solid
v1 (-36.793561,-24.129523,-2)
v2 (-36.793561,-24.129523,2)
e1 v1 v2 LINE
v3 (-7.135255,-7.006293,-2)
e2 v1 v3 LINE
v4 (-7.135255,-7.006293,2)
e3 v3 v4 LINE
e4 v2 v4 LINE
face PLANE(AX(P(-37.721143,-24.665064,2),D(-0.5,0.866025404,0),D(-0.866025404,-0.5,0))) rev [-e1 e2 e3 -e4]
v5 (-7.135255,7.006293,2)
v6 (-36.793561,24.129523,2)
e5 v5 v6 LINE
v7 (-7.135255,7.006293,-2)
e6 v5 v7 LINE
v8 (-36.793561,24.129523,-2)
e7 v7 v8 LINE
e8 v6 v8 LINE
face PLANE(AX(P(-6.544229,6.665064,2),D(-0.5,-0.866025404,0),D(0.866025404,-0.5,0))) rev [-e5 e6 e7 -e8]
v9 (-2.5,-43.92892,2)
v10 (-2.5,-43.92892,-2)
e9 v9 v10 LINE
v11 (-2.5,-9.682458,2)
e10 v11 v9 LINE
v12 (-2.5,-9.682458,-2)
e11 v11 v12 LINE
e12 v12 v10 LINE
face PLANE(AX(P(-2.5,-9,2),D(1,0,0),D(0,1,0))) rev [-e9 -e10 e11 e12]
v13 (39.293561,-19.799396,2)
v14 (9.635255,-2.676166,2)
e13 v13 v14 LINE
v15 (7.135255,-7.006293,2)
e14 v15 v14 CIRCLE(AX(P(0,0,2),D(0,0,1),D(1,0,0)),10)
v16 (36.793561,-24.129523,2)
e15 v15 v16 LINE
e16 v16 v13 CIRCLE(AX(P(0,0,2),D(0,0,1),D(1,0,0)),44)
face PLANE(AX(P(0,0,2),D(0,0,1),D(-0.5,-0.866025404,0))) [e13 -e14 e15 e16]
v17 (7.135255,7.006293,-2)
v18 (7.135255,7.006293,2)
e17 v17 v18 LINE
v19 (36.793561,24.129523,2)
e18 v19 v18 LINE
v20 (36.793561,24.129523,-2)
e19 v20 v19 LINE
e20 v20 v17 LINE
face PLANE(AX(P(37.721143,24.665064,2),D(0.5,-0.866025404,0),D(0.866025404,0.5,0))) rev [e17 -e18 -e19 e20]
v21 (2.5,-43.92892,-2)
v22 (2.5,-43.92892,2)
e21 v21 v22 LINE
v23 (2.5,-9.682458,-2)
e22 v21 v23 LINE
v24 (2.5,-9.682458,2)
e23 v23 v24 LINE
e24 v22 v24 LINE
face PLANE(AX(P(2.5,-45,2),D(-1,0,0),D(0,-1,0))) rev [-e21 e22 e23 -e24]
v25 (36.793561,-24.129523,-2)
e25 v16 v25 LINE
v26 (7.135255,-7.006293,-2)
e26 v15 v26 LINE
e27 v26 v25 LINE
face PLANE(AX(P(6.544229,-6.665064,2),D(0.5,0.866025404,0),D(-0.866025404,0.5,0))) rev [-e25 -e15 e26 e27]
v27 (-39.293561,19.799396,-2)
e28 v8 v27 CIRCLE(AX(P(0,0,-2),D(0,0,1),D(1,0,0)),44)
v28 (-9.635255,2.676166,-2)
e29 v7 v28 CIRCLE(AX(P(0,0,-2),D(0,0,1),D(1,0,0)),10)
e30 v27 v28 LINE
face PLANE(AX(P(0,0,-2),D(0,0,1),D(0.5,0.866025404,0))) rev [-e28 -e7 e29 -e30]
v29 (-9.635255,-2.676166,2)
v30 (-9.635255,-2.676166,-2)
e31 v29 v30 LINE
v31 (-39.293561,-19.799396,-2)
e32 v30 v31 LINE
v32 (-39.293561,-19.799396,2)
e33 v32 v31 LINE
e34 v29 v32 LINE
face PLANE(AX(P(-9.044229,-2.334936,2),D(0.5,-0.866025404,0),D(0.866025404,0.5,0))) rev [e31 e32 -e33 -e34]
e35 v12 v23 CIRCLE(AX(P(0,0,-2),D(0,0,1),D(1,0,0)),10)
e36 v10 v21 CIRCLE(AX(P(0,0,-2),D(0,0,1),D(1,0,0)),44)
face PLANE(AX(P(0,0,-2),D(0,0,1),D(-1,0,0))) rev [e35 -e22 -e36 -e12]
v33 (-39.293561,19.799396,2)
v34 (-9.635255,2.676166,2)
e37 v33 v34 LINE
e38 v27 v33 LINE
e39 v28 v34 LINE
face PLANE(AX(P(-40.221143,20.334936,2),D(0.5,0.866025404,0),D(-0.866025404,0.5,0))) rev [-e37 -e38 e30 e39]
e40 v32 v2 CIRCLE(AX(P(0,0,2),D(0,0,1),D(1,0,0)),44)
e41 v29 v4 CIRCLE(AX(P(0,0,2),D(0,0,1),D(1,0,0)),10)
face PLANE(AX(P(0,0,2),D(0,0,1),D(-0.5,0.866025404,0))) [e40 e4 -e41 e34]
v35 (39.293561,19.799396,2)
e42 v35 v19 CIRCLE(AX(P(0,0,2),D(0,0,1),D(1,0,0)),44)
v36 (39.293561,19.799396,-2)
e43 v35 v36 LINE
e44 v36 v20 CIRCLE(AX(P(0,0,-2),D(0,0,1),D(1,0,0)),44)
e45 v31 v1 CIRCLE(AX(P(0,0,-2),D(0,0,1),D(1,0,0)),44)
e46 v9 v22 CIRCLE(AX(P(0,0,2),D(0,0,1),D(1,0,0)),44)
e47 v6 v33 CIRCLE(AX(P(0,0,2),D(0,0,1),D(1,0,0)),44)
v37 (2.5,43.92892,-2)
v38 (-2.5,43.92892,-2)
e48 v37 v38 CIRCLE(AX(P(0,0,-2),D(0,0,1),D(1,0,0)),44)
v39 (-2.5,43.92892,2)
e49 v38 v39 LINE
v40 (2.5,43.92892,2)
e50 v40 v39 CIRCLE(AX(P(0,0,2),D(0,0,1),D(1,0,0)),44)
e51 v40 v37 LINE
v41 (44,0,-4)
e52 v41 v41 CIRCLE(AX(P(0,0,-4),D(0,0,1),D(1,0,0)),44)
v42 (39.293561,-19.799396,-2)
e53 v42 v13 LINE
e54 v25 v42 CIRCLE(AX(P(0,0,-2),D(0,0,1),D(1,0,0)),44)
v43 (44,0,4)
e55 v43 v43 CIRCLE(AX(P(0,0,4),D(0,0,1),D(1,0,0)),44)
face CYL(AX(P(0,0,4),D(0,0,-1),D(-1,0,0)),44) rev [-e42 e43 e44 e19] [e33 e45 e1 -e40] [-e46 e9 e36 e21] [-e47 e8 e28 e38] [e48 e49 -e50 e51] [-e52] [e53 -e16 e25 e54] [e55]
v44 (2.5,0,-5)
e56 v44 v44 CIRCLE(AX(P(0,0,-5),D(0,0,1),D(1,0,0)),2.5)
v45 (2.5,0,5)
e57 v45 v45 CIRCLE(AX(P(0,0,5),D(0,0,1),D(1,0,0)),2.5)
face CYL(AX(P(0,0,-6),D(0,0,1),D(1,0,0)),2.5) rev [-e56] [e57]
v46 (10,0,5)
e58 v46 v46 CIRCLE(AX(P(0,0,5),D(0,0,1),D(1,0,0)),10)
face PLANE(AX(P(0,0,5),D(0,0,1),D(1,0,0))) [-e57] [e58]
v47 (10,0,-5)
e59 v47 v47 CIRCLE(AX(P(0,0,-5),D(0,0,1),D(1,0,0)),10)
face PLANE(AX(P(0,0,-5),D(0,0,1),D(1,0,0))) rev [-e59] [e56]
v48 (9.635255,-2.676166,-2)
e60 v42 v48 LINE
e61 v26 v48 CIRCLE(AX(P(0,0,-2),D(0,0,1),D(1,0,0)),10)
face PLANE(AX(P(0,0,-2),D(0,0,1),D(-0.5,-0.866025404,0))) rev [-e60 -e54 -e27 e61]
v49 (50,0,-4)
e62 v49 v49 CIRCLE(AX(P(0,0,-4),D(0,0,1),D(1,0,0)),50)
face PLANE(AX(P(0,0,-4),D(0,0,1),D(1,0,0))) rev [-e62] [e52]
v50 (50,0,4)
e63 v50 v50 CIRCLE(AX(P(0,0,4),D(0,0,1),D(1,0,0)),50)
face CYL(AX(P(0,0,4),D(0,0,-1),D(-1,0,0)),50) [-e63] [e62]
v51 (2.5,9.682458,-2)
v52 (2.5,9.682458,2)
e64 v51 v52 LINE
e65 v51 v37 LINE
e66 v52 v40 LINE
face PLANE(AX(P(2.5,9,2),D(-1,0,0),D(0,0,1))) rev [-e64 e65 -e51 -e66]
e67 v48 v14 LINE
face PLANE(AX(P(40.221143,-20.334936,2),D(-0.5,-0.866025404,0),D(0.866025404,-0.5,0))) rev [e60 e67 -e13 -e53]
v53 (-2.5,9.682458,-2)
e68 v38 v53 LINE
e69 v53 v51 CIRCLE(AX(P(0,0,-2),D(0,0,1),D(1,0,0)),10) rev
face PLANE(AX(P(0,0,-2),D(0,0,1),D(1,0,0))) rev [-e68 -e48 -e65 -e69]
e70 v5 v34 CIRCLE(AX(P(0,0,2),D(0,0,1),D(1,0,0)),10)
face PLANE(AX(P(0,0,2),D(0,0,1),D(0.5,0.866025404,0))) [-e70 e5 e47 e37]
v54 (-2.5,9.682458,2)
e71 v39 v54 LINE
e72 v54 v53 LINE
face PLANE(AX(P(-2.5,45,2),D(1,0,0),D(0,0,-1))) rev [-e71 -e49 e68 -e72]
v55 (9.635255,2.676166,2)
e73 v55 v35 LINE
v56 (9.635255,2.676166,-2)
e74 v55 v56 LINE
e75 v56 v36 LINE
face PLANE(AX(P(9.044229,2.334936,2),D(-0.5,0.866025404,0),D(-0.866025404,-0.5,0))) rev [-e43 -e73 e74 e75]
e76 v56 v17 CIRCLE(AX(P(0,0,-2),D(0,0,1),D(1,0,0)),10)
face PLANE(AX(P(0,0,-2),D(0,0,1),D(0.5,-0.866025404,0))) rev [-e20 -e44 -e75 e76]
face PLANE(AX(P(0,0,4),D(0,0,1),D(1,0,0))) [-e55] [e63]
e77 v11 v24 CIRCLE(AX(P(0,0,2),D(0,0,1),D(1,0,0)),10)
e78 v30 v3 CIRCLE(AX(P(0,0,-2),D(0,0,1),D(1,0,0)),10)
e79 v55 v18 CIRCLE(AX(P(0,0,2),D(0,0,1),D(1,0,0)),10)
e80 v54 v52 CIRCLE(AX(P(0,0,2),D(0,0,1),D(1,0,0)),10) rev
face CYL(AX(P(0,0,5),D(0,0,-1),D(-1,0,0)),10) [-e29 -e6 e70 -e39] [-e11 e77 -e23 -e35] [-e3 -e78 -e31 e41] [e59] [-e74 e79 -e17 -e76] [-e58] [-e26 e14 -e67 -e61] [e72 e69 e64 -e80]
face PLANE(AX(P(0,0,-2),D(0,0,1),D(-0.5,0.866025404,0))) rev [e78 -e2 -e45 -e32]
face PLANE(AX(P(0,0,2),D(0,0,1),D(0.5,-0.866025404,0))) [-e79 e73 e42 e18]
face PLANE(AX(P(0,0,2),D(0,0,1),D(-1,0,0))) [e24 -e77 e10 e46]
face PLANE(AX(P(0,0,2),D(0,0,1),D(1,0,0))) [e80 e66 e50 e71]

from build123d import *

# Parameters (mm, degrees)
SKETCH1_R           = 50
SKETCH1_R_2         = 44
BOSS_EXTRUDE1_DEPTH = 4
SKETCH2_R           = 10
BOSS_EXTRUDE2_DEPTH = 5
SKETCH3_W           = 5
SKETCH3_H           = 36
BOSS_EXTRUDE3_DEPTH = 2
SKETCH4_R           = 2.5
CUT_EXTRUDE1_DEPTH  = 6
CIRPATTERN1_COUNT   = 6


with BuildPart() as part:
    # Sketch1 → Boss-Extrude1 (new, symmetric)
    with BuildSketch(Plane.XY):
        Circle(SKETCH1_R)
        Circle(SKETCH1_R_2, mode=Mode.SUBTRACT)
    extrude(amount=BOSS_EXTRUDE1_DEPTH, both=True)



with BuildPart() as body_2:
    # Sketch2 → Boss-Extrude2 (new, symmetric)
    with BuildSketch(Plane.XY):
        Circle(SKETCH2_R)
    extrude(amount=BOSS_EXTRUDE2_DEPTH, both=True)


with BuildPart() as part_1:
    add(part.part)

    add(body_2.part)  # Boss-Extrude3 merges body 2
    # Sketch3 → Boss-Extrude3 (add, symmetric)
    with BuildSketch(Plane.XY):
        with Locations((0, 27)):
            Rectangle(SKETCH3_W, SKETCH3_H)
    boss_extrude3 = extrude(amount=BOSS_EXTRUDE3_DEPTH, both=True)

    # Sketch4 → Cut-Extrude1 (cut, symmetric)
    with BuildSketch(Plane.XY):
        Circle(SKETCH4_R)
    extrude(amount=CUT_EXTRUDE1_DEPTH, both=True, mode=Mode.SUBTRACT)

    # CirPattern1: Boss-Extrude3 ×6 about axis
    cirpattern1_axis = Axis((0, 0, 0), (0, 0, 1))
    for i in range(1, CIRPATTERN1_COUNT):
        add(boss_extrude3.rotate(cirpattern1_axis, i * 360 / CIRPATTERN1_COUNT))


solid = part_1.part
